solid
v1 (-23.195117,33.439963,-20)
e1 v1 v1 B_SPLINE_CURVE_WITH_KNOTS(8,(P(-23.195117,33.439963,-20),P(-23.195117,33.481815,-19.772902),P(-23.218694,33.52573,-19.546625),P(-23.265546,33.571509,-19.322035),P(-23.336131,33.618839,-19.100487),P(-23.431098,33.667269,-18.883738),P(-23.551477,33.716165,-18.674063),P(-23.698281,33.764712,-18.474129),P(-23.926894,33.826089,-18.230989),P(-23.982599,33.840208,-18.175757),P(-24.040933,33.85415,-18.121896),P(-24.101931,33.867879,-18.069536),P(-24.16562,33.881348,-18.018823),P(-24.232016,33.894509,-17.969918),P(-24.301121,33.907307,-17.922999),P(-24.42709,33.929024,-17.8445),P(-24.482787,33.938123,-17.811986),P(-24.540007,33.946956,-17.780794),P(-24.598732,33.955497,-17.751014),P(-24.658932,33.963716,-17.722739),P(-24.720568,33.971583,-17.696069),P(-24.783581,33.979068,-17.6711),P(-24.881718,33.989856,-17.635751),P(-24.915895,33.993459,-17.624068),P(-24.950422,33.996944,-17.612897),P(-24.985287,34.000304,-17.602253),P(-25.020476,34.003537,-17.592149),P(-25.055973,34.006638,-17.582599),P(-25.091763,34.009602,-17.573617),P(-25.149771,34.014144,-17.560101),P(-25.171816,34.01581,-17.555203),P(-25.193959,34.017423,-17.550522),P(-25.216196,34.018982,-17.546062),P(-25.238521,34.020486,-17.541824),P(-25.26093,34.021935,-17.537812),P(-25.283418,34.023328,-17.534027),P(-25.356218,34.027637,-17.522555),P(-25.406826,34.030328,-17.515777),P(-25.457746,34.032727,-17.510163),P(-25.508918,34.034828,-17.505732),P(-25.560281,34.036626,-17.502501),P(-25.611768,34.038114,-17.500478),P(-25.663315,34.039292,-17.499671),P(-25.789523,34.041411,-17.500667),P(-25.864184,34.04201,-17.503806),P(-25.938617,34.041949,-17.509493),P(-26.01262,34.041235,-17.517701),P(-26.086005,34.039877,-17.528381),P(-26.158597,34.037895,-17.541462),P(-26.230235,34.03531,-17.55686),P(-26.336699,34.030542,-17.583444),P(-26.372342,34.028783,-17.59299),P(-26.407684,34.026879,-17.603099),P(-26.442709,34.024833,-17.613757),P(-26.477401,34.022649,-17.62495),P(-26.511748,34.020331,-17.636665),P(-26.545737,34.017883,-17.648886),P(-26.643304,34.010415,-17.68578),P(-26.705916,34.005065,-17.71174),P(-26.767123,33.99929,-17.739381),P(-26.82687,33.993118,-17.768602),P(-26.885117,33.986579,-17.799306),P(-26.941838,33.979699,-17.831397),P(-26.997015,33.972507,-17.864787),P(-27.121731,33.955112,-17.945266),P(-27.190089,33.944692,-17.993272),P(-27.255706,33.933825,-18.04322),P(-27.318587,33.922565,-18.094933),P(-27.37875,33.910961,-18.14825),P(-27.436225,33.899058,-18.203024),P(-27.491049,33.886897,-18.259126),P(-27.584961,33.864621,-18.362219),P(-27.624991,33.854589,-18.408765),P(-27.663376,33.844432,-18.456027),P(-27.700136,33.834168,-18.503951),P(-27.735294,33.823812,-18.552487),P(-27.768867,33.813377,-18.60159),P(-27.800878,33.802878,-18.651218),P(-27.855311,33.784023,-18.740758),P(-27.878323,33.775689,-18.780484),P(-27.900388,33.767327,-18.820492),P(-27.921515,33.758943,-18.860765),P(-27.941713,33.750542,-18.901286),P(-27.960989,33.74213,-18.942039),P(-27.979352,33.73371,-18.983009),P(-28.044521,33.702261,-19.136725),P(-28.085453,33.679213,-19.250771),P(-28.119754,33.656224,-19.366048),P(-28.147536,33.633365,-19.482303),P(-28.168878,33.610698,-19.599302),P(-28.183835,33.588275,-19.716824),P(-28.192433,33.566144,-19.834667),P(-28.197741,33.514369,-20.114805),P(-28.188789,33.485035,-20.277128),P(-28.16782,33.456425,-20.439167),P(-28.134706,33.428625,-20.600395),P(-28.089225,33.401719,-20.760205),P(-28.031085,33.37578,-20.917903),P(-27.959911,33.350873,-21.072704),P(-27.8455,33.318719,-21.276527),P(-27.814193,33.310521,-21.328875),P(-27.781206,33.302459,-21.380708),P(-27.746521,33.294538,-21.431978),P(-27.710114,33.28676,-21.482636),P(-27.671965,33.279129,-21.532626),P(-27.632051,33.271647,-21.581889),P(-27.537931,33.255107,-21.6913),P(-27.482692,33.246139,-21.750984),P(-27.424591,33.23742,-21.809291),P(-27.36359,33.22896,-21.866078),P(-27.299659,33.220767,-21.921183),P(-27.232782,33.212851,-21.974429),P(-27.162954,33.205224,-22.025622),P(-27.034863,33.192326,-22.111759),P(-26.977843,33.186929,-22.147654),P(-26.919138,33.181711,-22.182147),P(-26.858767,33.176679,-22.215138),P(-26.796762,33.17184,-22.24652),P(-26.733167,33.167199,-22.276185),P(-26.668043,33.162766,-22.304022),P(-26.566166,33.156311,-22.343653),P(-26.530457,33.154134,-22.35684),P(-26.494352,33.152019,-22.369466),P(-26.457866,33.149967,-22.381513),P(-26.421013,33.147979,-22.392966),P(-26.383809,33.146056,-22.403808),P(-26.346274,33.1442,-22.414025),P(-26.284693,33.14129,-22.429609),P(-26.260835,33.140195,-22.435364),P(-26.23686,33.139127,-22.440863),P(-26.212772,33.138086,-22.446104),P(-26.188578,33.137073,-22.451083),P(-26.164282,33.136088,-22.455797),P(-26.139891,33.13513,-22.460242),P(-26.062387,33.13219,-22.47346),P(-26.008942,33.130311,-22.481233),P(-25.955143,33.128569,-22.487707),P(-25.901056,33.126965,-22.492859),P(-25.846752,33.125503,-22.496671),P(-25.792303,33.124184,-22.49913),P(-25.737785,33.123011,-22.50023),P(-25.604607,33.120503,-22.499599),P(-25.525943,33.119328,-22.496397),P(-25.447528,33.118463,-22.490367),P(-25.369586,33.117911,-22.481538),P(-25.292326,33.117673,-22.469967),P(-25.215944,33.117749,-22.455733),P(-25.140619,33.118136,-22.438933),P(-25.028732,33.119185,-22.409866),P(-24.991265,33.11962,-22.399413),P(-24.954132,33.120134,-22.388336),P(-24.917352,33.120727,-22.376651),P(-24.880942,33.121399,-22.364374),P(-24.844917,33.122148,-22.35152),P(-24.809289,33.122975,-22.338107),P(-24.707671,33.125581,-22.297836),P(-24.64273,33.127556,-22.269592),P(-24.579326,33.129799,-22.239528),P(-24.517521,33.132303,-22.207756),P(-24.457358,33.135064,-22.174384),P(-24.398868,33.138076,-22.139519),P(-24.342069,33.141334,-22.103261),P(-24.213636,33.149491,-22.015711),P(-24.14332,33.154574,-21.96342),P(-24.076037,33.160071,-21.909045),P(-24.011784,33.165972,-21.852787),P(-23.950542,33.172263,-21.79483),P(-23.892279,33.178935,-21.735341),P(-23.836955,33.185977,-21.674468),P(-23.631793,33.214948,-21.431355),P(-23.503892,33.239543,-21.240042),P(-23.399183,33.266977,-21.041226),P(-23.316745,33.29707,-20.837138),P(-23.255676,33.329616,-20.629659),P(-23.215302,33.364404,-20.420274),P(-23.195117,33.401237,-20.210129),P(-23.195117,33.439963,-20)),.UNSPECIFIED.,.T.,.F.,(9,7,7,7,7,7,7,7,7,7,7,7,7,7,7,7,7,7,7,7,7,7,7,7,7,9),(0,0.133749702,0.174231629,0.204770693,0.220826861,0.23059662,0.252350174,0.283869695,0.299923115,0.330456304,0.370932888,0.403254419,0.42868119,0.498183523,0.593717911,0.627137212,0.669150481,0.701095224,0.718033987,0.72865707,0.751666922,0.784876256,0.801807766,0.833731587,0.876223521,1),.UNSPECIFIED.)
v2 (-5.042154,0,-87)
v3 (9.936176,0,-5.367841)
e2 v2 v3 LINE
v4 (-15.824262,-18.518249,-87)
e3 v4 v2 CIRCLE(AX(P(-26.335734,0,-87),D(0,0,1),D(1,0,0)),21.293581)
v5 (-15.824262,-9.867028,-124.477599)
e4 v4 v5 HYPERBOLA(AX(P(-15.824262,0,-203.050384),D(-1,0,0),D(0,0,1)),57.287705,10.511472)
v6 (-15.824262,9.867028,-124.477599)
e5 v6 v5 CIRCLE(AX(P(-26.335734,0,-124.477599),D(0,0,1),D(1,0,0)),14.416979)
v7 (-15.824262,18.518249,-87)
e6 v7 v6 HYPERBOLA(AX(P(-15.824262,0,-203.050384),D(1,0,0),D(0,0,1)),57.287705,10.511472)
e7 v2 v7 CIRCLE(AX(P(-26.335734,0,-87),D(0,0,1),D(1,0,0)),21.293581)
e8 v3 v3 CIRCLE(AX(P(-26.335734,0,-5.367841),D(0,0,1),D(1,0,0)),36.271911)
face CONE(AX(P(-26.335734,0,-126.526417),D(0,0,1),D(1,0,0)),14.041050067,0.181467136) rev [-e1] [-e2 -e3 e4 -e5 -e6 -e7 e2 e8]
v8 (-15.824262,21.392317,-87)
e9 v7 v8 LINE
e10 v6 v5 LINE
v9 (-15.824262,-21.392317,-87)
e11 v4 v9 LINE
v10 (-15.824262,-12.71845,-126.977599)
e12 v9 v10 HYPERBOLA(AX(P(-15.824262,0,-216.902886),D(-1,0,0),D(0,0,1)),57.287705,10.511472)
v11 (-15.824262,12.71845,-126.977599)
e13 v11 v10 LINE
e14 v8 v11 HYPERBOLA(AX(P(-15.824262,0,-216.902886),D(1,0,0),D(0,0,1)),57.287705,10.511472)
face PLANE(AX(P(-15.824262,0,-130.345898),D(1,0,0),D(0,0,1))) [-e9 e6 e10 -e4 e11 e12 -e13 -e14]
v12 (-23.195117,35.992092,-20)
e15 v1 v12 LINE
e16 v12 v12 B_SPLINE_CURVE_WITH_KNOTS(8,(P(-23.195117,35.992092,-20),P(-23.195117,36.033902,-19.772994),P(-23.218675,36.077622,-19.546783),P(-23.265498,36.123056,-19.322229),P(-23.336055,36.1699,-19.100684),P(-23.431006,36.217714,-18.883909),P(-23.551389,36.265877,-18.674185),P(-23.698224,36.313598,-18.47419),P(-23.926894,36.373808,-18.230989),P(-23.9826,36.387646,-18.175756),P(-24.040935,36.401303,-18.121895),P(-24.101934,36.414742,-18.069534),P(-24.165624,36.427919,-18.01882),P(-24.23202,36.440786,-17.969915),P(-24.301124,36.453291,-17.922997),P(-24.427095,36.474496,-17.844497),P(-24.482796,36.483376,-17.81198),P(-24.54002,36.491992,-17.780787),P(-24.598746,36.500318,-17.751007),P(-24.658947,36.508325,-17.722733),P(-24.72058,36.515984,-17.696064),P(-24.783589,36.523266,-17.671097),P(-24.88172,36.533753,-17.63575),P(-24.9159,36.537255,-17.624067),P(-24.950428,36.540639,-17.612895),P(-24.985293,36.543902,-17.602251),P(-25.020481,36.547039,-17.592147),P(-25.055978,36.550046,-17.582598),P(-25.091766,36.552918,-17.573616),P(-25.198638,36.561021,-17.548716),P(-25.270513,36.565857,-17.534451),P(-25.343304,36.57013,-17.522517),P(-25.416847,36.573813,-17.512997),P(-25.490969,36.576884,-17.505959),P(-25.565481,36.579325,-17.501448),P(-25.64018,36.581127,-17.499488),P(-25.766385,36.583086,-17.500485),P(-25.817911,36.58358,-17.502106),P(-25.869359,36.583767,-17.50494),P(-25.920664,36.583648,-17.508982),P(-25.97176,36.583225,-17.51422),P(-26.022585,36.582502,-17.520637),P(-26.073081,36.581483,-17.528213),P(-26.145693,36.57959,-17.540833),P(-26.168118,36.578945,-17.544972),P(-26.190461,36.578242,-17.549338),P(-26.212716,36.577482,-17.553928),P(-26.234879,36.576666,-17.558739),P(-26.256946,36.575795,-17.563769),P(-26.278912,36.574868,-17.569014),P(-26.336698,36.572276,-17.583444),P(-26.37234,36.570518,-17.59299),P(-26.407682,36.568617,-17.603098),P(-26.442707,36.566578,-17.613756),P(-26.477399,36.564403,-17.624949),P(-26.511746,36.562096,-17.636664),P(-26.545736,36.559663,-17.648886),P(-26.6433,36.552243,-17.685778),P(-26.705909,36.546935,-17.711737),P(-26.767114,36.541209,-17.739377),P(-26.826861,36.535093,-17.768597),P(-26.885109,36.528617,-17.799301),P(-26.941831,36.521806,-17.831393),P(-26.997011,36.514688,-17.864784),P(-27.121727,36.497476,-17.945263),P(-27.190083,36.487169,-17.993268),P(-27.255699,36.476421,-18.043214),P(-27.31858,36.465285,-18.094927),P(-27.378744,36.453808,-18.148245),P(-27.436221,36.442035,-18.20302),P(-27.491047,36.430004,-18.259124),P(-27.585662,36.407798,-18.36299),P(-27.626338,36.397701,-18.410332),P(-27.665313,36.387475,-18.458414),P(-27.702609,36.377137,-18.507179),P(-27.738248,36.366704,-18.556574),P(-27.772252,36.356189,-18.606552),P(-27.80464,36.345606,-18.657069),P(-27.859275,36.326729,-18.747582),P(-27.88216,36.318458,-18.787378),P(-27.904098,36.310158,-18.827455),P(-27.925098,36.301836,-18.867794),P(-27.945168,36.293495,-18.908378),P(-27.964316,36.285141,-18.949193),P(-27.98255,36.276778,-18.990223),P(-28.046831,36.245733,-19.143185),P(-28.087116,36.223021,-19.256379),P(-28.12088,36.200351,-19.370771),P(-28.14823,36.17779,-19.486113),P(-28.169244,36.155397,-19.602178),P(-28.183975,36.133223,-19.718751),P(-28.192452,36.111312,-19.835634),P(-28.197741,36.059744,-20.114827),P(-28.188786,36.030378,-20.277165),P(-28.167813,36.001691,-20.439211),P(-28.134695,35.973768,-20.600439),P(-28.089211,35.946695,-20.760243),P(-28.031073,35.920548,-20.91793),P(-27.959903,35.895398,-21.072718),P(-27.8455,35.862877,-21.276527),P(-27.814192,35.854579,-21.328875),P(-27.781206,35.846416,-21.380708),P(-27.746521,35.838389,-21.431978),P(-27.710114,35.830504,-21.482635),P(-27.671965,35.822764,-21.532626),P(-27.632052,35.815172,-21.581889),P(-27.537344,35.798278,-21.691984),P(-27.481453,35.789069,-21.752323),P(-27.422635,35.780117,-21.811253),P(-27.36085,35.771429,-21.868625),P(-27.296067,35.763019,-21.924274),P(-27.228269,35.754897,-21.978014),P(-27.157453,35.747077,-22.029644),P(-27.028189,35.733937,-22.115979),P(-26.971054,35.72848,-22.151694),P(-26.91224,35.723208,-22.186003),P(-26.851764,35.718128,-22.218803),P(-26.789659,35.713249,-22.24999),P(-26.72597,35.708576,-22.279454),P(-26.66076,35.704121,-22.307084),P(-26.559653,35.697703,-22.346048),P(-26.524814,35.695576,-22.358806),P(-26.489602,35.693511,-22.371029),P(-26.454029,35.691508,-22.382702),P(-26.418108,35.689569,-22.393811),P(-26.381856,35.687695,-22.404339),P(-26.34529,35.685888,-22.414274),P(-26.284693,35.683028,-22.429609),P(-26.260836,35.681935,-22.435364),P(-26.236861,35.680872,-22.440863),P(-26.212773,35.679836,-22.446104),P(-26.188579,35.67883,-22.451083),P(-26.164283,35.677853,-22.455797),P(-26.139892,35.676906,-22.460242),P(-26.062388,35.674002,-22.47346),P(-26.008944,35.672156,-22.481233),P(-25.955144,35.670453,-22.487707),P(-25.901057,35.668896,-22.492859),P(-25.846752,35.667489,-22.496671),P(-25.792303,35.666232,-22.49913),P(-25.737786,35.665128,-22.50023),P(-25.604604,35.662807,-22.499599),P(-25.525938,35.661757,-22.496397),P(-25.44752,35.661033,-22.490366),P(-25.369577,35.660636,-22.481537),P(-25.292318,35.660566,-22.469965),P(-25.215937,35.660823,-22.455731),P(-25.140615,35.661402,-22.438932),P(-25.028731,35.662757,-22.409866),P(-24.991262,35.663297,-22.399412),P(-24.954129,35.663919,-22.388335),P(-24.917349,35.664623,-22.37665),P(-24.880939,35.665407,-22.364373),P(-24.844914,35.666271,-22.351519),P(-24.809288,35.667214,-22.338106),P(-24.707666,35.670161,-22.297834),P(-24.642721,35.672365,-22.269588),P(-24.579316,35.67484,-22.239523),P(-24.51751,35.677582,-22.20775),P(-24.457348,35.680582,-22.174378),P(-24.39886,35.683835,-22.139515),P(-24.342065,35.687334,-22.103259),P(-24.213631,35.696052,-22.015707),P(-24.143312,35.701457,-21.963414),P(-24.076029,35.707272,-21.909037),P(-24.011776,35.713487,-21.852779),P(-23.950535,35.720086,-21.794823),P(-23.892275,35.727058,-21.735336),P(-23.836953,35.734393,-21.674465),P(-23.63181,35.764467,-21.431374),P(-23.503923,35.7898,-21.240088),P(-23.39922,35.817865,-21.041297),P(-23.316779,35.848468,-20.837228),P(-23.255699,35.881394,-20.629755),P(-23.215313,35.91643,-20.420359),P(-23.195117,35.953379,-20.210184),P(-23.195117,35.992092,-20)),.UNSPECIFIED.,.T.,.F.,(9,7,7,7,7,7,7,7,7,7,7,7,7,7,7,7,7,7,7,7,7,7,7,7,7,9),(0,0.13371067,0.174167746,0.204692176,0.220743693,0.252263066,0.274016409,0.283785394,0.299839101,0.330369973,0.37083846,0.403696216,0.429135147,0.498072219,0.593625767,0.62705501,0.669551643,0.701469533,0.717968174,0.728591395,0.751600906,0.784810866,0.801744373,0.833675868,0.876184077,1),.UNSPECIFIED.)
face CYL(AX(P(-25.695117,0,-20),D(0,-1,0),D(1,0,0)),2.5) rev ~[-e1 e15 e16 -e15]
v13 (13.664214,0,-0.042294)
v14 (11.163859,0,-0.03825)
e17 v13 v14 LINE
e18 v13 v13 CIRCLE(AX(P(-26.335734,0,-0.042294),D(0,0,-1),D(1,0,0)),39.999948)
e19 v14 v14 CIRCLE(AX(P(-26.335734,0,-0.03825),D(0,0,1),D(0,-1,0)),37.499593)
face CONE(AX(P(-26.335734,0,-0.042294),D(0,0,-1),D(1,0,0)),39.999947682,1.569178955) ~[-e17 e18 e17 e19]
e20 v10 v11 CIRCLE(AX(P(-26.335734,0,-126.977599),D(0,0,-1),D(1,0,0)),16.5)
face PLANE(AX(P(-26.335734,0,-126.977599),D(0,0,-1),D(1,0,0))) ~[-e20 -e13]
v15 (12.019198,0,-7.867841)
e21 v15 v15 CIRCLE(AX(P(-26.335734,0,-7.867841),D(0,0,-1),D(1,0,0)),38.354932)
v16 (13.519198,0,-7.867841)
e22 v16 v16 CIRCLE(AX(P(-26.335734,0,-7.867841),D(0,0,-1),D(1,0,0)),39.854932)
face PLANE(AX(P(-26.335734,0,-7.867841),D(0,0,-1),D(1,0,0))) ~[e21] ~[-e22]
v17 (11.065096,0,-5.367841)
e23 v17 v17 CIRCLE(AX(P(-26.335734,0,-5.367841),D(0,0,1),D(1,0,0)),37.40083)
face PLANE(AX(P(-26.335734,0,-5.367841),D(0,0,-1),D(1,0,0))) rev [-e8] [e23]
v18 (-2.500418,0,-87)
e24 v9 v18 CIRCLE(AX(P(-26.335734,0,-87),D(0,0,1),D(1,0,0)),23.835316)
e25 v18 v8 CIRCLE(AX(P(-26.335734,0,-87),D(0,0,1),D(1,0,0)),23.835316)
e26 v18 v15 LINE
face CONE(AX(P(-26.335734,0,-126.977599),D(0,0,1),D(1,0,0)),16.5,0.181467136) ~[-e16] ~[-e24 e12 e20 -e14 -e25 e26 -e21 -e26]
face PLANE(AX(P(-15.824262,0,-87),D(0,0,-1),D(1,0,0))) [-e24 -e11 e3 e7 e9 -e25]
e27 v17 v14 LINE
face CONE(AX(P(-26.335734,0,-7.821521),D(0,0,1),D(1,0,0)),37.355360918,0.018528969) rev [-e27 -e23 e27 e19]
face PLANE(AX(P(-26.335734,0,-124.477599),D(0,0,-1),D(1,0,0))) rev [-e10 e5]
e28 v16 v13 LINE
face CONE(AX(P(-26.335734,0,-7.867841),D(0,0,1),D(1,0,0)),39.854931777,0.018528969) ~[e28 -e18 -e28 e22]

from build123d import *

# Parameters (mm, degrees)
F2_T     = -2.5
F3_W     = 23.2394424225
F3_H     = 43.3458978903
F3_R     = 2.5
F4_DEPTH = 40.0009476822
F5_DEPTH = 40.0009476822


with BuildPart() as f1:
    # F0 (on Front) → F1 (revolve)
    with BuildSketch(Plane.XZ):
        Polygon((-26.3357340748, 0.0224007943), (-26.3357340748, -126.9775992057), (-9.8357340748, -126.9775992057), (12.0191977024, -7.8678405553), (13.5191977024, -7.8678405553), (13.6642136074, -0.0422940365), align=None)
    revolve(axis=Axis((-26.3357340748, 0, -63.4775992057), (0, 0, -1)))

    # F2
    f2_openings = [f1.faces().sort_by_distance(p)[0] for p in [
        (-46.335708, 0, -0.009947),
    ]]
    offset(amount=F2_T, openings=f2_openings, kind=Kind.INTERSECTION)

    # F3 (on Front) → F4 (cut, through all)
    with BuildSketch(Plane.XZ):
        with Locations((-4.2045409791, -108.6729489452)):
            Rectangle(F3_W, F3_H)
        with Locations((-25.6951171905, -20)):
            Circle(F3_R)
    extrude(amount=-F4_DEPTH, mode=Mode.SUBTRACT)

    # F3 (on Front) → F5 (cut, through all)
    with BuildSketch(Plane.XZ):
        with Locations((-4.2045409791, -108.6729489452)):
            Rectangle(F3_W, F3_H)
    extrude(amount=F5_DEPTH, mode=Mode.SUBTRACT)


solid = f1.part
